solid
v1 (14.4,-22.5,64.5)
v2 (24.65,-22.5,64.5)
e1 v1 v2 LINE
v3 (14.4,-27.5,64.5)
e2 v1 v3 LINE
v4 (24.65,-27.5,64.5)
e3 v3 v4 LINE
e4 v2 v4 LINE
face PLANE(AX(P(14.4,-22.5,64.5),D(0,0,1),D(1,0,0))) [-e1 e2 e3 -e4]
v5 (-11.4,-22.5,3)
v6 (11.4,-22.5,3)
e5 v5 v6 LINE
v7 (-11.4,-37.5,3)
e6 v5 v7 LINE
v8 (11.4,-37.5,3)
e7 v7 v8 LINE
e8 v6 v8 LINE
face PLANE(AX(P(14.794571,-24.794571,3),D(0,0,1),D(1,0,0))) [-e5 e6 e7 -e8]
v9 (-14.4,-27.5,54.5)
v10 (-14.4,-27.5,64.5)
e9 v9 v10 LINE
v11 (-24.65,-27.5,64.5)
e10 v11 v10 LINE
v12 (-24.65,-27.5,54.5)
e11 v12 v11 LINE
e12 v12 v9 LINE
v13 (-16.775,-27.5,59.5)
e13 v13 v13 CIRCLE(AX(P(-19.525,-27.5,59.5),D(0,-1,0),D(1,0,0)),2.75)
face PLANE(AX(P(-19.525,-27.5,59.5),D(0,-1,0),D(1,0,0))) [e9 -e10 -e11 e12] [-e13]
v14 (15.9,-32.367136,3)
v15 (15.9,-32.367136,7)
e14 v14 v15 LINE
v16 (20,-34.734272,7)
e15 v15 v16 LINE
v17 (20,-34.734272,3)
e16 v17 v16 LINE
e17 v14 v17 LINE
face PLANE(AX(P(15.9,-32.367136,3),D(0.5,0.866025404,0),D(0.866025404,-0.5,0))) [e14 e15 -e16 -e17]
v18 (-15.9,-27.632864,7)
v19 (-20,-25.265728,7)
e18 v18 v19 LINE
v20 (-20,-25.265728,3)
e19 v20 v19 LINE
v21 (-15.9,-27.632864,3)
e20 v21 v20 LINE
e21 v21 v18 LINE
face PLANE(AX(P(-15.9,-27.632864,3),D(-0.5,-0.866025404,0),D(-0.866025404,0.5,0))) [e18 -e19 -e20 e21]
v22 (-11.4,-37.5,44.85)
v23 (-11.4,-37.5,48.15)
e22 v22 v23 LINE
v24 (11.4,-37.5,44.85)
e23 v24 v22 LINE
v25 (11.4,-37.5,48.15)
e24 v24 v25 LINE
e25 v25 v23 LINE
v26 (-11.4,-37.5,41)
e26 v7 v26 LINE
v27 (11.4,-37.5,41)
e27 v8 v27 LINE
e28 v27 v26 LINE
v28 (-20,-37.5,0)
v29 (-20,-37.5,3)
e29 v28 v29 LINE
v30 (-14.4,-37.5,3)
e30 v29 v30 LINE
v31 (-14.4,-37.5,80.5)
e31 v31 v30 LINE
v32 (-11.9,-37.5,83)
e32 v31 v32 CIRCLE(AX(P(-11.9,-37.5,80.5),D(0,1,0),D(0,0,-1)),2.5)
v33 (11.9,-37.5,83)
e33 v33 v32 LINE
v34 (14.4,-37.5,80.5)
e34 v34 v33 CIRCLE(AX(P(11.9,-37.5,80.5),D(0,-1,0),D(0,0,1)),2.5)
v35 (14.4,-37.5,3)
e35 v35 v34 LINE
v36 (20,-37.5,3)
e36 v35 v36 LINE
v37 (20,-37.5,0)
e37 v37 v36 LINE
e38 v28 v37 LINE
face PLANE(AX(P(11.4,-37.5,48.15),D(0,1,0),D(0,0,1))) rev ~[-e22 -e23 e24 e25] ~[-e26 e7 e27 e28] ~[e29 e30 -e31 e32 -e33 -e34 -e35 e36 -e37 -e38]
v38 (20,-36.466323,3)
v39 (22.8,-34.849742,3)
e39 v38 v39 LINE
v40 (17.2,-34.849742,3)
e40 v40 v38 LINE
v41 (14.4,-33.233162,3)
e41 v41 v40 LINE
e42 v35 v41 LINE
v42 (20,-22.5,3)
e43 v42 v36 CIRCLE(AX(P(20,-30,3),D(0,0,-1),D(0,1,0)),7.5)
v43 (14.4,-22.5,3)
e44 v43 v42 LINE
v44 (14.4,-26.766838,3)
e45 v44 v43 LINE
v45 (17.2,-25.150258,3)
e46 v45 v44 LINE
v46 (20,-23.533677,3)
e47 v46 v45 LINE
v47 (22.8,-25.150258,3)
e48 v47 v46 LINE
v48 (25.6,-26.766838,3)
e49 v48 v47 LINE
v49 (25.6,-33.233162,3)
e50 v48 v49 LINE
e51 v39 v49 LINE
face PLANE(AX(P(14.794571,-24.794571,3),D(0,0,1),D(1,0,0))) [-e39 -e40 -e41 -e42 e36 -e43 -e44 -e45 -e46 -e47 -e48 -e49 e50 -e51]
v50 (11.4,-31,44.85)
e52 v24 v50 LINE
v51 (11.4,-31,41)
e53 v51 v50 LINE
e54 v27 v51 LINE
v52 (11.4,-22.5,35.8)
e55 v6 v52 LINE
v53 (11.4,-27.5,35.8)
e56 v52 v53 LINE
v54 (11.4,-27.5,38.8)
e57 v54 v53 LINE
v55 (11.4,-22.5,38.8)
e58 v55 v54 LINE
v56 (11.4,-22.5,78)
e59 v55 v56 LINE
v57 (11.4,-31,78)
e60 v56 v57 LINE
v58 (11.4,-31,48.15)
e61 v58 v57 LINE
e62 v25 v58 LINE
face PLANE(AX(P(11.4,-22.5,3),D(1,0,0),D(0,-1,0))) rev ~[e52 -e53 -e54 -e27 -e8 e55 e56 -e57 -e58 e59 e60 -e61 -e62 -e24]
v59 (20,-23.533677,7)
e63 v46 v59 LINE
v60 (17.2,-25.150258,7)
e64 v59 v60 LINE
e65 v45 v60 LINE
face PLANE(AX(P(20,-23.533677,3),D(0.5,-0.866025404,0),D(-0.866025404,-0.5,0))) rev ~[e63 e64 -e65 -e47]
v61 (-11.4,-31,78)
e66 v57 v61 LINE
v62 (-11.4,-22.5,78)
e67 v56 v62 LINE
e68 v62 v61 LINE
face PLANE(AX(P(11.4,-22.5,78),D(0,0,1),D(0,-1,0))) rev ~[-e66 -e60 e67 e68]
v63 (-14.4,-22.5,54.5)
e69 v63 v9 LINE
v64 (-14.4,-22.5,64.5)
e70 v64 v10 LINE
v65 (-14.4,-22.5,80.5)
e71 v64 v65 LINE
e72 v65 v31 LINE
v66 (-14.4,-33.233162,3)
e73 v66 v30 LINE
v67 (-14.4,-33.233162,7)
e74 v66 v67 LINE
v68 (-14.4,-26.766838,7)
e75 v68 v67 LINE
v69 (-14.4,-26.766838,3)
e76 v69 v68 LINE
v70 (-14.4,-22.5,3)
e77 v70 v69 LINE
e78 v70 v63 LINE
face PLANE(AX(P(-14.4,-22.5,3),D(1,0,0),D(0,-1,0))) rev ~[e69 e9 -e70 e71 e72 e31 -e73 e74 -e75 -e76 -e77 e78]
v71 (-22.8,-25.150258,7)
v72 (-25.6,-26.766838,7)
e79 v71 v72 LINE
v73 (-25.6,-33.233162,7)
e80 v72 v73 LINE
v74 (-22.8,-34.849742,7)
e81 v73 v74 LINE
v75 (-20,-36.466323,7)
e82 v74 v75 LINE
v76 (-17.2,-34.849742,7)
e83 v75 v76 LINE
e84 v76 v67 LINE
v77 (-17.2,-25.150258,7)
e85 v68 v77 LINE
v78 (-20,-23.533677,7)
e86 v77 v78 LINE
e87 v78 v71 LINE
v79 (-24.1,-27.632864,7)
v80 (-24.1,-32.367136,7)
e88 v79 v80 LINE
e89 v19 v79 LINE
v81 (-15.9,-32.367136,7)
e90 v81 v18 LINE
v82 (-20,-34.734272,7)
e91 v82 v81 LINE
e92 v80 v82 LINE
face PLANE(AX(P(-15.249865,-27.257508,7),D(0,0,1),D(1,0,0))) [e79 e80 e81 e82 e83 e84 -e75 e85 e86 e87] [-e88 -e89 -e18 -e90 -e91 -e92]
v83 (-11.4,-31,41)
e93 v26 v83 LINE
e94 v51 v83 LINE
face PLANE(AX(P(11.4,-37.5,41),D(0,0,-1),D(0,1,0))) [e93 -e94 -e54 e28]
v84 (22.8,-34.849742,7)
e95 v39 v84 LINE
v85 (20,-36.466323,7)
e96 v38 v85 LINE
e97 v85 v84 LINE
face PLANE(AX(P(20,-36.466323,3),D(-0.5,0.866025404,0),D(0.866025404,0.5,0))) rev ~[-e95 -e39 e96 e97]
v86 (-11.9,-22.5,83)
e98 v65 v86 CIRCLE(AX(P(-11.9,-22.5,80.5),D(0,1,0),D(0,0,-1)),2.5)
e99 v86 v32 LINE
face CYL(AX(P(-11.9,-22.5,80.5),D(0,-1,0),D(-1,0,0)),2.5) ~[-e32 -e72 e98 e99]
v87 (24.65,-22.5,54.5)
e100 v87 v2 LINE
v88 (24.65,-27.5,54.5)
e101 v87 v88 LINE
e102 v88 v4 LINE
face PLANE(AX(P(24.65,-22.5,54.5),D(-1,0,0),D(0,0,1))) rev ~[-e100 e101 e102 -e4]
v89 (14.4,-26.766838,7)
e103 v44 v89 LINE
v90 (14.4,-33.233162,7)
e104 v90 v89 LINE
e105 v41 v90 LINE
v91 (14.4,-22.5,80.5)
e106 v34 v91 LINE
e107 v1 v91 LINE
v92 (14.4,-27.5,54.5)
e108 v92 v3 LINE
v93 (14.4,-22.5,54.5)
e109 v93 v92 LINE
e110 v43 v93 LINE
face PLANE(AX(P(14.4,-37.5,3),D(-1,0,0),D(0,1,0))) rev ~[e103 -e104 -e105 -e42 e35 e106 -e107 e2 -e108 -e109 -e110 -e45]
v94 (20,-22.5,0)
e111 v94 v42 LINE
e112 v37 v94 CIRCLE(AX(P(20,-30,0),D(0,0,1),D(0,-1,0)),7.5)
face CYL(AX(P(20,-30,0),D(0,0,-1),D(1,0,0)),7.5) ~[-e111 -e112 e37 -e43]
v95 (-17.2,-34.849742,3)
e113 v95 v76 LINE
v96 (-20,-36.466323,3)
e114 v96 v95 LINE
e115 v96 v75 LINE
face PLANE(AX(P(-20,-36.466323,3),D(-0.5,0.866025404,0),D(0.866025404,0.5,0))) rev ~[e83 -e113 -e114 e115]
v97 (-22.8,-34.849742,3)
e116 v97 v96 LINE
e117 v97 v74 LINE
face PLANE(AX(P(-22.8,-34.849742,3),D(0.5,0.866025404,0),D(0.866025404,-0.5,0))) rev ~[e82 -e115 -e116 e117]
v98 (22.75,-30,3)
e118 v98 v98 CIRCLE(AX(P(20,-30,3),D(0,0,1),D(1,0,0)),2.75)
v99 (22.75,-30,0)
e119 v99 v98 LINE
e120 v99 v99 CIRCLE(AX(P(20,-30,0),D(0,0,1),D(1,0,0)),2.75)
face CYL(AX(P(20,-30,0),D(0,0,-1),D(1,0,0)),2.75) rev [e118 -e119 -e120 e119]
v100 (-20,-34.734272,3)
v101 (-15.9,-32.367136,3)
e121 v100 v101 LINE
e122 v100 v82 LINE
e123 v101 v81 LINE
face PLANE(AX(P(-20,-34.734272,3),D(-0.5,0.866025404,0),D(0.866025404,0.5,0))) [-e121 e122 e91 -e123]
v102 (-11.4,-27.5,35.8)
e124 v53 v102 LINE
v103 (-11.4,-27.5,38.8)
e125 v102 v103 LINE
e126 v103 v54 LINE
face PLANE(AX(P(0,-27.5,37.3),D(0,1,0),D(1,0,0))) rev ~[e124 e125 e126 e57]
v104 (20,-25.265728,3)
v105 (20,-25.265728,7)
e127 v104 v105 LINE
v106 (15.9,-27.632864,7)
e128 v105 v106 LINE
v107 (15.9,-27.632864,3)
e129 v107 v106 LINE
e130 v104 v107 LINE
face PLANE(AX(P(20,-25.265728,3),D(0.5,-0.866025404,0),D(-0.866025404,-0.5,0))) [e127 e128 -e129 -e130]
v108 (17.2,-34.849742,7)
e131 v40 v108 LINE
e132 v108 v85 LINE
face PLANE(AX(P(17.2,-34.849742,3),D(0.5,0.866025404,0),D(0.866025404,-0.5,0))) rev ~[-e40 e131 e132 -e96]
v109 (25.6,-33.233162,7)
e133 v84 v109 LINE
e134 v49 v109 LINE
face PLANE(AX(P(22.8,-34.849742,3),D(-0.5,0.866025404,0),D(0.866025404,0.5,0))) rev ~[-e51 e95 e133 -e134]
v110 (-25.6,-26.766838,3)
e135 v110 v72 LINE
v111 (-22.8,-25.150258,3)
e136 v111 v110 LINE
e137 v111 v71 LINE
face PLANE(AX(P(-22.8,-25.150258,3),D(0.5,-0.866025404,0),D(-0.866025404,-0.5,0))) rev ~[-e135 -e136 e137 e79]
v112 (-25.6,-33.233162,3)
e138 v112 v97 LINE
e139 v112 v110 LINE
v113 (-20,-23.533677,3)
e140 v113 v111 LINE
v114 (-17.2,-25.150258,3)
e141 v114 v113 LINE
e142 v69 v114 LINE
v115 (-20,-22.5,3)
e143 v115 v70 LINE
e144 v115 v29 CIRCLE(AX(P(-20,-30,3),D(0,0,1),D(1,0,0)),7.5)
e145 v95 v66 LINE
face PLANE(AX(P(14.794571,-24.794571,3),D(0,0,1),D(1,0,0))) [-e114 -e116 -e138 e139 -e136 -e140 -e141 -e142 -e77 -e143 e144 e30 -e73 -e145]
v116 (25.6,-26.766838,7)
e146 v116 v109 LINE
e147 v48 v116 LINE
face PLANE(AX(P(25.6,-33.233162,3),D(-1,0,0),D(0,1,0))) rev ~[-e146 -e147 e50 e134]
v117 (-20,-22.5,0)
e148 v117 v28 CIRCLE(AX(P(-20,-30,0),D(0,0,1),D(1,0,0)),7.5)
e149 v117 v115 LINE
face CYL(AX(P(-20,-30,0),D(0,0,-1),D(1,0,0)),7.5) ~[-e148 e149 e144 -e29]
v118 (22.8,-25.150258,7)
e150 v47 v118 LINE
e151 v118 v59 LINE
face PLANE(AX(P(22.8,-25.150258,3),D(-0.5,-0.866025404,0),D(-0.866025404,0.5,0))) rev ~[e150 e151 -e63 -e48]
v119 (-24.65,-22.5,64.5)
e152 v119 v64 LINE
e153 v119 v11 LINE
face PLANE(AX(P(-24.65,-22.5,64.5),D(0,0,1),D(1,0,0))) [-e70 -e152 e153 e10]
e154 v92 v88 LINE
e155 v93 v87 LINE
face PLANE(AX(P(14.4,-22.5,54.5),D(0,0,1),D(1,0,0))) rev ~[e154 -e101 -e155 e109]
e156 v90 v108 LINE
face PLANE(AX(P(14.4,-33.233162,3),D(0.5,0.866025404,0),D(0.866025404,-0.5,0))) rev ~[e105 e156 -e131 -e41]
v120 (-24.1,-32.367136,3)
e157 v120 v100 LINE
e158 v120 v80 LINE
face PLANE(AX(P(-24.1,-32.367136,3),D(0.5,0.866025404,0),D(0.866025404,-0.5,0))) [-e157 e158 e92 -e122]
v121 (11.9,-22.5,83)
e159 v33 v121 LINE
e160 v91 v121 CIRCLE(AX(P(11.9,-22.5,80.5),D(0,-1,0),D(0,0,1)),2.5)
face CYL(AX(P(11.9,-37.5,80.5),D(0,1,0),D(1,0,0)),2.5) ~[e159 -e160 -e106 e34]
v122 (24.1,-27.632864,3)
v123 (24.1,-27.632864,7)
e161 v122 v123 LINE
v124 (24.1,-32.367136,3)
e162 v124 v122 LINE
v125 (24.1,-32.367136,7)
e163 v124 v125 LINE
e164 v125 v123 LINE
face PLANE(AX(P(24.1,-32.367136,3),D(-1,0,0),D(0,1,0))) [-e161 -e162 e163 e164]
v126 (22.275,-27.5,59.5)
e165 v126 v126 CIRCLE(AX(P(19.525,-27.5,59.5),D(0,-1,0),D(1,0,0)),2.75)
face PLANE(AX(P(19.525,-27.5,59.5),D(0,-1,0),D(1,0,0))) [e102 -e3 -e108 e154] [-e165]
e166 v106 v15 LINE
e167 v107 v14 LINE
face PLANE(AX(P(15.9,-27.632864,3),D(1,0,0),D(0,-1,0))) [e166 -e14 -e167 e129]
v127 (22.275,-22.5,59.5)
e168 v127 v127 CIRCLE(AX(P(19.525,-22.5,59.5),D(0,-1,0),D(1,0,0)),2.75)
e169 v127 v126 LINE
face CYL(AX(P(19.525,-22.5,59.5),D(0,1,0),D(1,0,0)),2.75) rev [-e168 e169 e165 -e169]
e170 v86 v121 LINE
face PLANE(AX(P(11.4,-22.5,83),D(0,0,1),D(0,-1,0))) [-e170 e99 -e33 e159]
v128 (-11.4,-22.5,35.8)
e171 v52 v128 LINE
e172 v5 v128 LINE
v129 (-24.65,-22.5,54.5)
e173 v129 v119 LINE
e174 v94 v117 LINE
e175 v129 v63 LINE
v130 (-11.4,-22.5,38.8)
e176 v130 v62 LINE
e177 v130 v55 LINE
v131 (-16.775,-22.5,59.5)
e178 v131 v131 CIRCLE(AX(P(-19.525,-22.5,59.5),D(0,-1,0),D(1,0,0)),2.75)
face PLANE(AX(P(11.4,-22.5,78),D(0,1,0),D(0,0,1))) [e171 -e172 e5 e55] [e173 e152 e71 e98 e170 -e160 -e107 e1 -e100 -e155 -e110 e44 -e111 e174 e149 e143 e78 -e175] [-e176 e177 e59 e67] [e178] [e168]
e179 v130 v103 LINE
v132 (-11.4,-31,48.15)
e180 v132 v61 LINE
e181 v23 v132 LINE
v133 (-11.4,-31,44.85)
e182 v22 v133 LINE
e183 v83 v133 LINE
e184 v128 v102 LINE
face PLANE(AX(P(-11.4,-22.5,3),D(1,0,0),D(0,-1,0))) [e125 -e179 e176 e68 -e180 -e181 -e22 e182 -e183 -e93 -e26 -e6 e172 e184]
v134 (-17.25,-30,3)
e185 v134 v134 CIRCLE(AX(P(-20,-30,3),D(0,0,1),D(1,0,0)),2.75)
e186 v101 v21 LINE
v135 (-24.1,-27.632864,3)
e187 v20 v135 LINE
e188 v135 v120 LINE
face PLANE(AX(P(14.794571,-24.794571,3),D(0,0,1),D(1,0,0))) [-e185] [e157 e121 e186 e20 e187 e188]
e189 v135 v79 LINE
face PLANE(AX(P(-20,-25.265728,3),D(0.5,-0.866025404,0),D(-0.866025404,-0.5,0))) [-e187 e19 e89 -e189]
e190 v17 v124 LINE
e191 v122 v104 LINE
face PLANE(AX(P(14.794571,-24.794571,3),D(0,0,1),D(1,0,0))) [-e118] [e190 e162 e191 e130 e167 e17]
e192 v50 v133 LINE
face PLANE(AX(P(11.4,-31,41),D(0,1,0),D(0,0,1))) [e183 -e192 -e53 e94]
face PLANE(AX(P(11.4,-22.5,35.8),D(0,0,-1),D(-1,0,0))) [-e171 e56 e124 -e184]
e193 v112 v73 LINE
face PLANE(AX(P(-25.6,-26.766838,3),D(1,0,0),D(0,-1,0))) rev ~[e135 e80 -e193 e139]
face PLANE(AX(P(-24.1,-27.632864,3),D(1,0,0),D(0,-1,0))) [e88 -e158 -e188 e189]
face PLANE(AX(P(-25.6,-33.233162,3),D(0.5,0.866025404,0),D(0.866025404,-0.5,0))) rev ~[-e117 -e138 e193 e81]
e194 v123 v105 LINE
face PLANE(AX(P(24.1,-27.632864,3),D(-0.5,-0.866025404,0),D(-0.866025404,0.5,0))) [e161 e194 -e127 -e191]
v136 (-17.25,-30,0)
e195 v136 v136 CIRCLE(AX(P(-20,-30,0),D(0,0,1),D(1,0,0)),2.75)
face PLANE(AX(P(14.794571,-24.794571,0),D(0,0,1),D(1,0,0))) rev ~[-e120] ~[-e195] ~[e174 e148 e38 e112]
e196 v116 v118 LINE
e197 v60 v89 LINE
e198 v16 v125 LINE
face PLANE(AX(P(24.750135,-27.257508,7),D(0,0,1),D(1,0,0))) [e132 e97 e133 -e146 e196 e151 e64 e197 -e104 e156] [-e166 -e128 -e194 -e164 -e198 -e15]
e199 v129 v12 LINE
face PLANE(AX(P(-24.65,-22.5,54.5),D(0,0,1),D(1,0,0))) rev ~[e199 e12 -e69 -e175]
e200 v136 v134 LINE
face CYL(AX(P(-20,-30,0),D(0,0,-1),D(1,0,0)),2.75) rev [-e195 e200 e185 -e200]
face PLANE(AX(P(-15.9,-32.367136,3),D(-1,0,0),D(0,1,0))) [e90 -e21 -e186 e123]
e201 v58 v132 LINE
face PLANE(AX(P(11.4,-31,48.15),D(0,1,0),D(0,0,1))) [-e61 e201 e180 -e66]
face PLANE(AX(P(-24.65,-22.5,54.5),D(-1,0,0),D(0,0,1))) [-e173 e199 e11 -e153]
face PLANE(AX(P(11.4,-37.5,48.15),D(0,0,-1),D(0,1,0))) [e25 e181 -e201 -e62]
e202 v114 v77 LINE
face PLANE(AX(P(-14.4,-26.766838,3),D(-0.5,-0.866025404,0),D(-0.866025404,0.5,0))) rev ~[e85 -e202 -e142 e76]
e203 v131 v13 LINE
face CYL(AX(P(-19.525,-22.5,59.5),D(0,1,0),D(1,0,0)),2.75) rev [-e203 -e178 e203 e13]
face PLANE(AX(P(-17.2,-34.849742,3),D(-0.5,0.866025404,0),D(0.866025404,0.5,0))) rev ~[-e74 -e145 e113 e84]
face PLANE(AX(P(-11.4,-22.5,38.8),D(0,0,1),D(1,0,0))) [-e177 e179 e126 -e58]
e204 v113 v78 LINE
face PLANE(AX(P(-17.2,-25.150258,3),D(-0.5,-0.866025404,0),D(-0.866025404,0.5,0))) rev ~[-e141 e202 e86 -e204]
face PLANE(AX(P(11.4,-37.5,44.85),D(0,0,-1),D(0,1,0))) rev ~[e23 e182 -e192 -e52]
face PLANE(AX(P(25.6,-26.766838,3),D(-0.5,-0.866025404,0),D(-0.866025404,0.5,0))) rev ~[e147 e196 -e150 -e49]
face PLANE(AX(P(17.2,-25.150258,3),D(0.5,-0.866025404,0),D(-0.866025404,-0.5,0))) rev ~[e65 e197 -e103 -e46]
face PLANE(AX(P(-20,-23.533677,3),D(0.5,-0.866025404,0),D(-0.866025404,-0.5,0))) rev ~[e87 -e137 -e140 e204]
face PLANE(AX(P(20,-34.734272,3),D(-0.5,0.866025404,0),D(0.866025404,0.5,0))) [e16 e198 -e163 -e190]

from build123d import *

# Parameters (mm, degrees)
SKETCH2_R           = 7.5
SKETCH2_R_2         = 2.75
BOSS_EXTRUDE1_DEPTH = 3
SKETCH3_R           = 5.6
BOSS_EXTRUDE2_DEPTH = 4
BOSS_EXTRUDE3_DEPTH = 80
SKETCH5_W           = 29.85
SKETCH5_H           = 6.5
SKETCH5_W_2         = 3.85
BOSS_EXTRUDE4_DEPTH = 80
SKETCH6_W           = 29.85
SKETCH6_H           = 6.5
SKETCH6_W_2         = 3.85
CUT_EXTRUDE1_DEPTH  = 54.2
BOSS_EXTRUDE5_DEPTH = 22.8
SKETCH8_W           = 10.25
SKETCH8_H           = 10
SKETCH8_R           = 2.75
BOSS_EXTRUDE6_DEPTH = 5
BOSS_EXTRUDE7_DEPTH = 5
FILLET1_R           = 2.5


with BuildPart() as part:
    # Sketch2 → Boss-Extrude1 (new body)
    # profile 1 of 4: a face of its own
    with BuildSketch(Plane.XY):
        with Locations((-20, -30)):
            Circle(SKETCH2_R)
        with Locations((-20, -30)):
            Circle(SKETCH2_R_2, mode=Mode.SUBTRACT)
    # profile 2 of 4: a face of its own
    with BuildSketch(Plane.XY):
        with BuildLine():
            Line((12.5, -22.5), (-20, -22.5))
            ThreePointArc((-20, -22.5), (-14.696699141, -24.696699141), (-12.5, -30))
            ThreePointArc((-12.5, -30), (-14.696699141, -35.303300859), (-20, -37.5))
            Line((-20, -37.5), (20, -37.5))
            ThreePointArc((20, -37.5), (14.696699141, -35.303300859), (12.5, -30))
            Line((12.5, -30), (12.5, -22.5))
        make_face()
    # profile 3 of 4: a face of its own
    with BuildSketch(Plane.XY):
        with Locations((20, -30)):
            Circle(SKETCH2_R)
        with Locations((20, -30)):
            Circle(SKETCH2_R_2, mode=Mode.SUBTRACT)
    # profile 4 of 4: a face of its own
    with BuildSketch(Plane.XY):
        with BuildLine():
            Line((20, -22.5), (12.5, -22.5))
            Line((12.5, -22.5), (12.5, -30))
            ThreePointArc((12.5, -30), (14.696699141, -24.696699141), (20, -22.5))
        make_face()
    extrude(amount=BOSS_EXTRUDE1_DEPTH)

    # Sketch3 → Boss-Extrude2 (add)
    # profile 1 of 14: a face of its own
    with BuildSketch(Plane.XY.offset(3)):
        with BuildLine():
            Line((-14.4, -26.766838493), (-17.199999967, -25.150257758))
            ThreePointArc((-17.199999967, -25.150257758), (-15.150257729, -27.200000016), (-14.4, -30))
            Line((-14.4, -30), (-14.4, -26.766838493))
        make_face()
    # profile 2 of 14: a face of its own
    with BuildSketch(Plane.XY.offset(3)):
        with Locations((-20, -30)):
            Circle(SKETCH3_R)
        Polygon((-15.9, -27.632863896), (-20, -25.265727793), (-24.1, -27.632863896), (-24.1, -32.367136104), (-20, -34.734272207), (-15.9, -32.367136104), align=None, mode=Mode.SUBTRACT)
    # profile 3 of 14: a face of its own
    with BuildSketch(Plane.XY.offset(3)):
        with BuildLine():
            Line((-17.199999967, -25.150257758), (-20, -23.533676985))
            Line((-20, -23.533676985), (-22.800000033, -25.150257758))
            ThreePointArc((-22.800000033, -25.150257758), (-20, -24.4), (-17.199999967, -25.150257758))
        make_face()
    # profile 4 of 14: a face of its own
    with BuildSketch(Plane.XY.offset(3)):
        with BuildLine():
            ThreePointArc((-25.6, -30), (-24.849742271, -27.200000016), (-22.800000033, -25.150257758))
            Line((-22.800000033, -25.150257758), (-25.6, -26.766838493))
            Line((-25.6, -26.766838493), (-25.6, -30))
        make_face()
    # profile 5 of 14: a face of its own
    with BuildSketch(Plane.XY.offset(3)):
        with BuildLine():
            ThreePointArc((-22.800000033, -34.849742242), (-24.849742271, -32.799999984), (-25.6, -30))
            Line((-25.6, -30), (-25.6, -33.233161507))
            Line((-25.6, -33.233161507), (-22.800000033, -34.849742242))
        make_face()
    # profile 6 of 14: a face of its own
    with BuildSketch(Plane.XY.offset(3)):
        with BuildLine():
            ThreePointArc((-17.199999967, -34.849742242), (-20, -35.6), (-22.800000033, -34.849742242))
            Line((-22.800000033, -34.849742242), (-20, -36.466323015))
            Line((-20, -36.466323015), (-17.199999967, -34.849742242))
        make_face()
    # profile 7 of 14: a face of its own
    with BuildSketch(Plane.XY.offset(3)):
        with BuildLine():
            Line((-14.4, -33.233161507), (-14.4, -30))
            ThreePointArc((-14.4, -30), (-15.150257729, -32.799999984), (-17.199999967, -34.849742242))
            Line((-17.199999967, -34.849742242), (-14.4, -33.233161507))
        make_face()
    # profile 8 of 14: a face of its own
    with BuildSketch(Plane.XY.offset(3)):
        with BuildLine():
            Line((25.6, -26.766838493), (22.800000033, -25.150257758))
            ThreePointArc((22.800000033, -25.150257758), (24.849742271, -27.200000016), (25.6, -30))
            Line((25.6, -30), (25.6, -26.766838493))
        make_face()
    # profile 9 of 14: a face of its own
    with BuildSketch(Plane.XY.offset(3)):
        with Locations((20, -30)):
            Circle(SKETCH3_R)
        Polygon((24.1, -27.632863896), (20, -25.265727793), (15.9, -27.632863896), (15.9, -32.367136104), (20, -34.734272207), (24.1, -32.367136104), align=None, mode=Mode.SUBTRACT)
    # profile 10 of 14: a face of its own
    with BuildSketch(Plane.XY.offset(3)):
        with BuildLine():
            Line((22.800000033, -25.150257758), (20, -23.533676985))
            Line((20, -23.533676985), (17.199999967, -25.150257758))
            ThreePointArc((17.199999967, -25.150257758), (20, -24.4), (22.800000033, -25.150257758))
        make_face()
    # profile 11 of 14: a face of its own
    with BuildSketch(Plane.XY.offset(3)):
        with BuildLine():
            ThreePointArc((14.4, -30), (15.150257729, -27.200000016), (17.199999967, -25.150257758))
            Line((17.199999967, -25.150257758), (14.4, -26.766838493))
            Line((14.4, -26.766838493), (14.4, -30))
        make_face()
    # profile 12 of 14: a face of its own
    with BuildSketch(Plane.XY.offset(3)):
        with BuildLine():
            ThreePointArc((17.199999967, -34.849742242), (15.150257729, -32.799999984), (14.4, -30))
            Line((14.4, -30), (14.4, -33.233161507))
            Line((14.4, -33.233161507), (17.199999967, -34.849742242))
        make_face()
    # profile 13 of 14: a face of its own
    with BuildSketch(Plane.XY.offset(3)):
        with BuildLine():
            ThreePointArc((22.799999796, -34.849742379), (19.999999863, -35.6), (17.199999967, -34.849742242))
            Line((17.199999967, -34.849742242), (20, -36.466323015))
            Line((20, -36.466323015), (22.799999796, -34.849742379))
        make_face()
    # profile 14 of 14: a face of its own
    with BuildSketch(Plane.XY.offset(3)):
        with BuildLine():
            Line((25.6, -33.233161507), (25.6, -30))
            ThreePointArc((25.6, -30), (24.849742202, -32.800000102), (22.799999796, -34.849742379))
            Line((22.799999796, -34.849742379), (25.6, -33.233161507))
        make_face()
    extrude(amount=BOSS_EXTRUDE2_DEPTH)

    # Sketch4 → Boss-Extrude3 (add)
    with BuildSketch(Plane.XY.offset(3)):
        Polygon((-14.4, -26.766838493), (-14.4, -22.5), (-11.4, -22.5), (-11.4, -37.5), (-14.4, -37.5), align=None)
        Polygon((14.4, -30), (14.4, -22.5), (11.4, -22.5), (11.4, -37.5), (14.4, -37.5), align=None)
    extrude(amount=BOSS_EXTRUDE3_DEPTH)

    # Sketch5 → Boss-Extrude4 (add)
    with BuildSketch(Plane.ZY.offset(-11.4)):
        with Locations((63.075, -34.25)):
            Rectangle(SKETCH5_W, SKETCH5_H)
        with Locations((42.925, -34.25)):
            Rectangle(SKETCH5_W_2, SKETCH5_H)
    extrude(amount=BOSS_EXTRUDE4_DEPTH)

    # Sketch6 → Cut-Extrude1 (cut)
    with BuildSketch(Plane.ZY.offset(68.6)):
        with Locations((63.075, -34.25)):
            Rectangle(SKETCH6_W, SKETCH6_H)
        with Locations((42.925, -34.25)):
            Rectangle(SKETCH6_W_2, SKETCH6_H)
    extrude(amount=-CUT_EXTRUDE1_DEPTH, mode=Mode.SUBTRACT)

    # Sketch7 → Boss-Extrude5 (add)
    with BuildSketch(Plane.ZY.offset(-11.4)):
        Polygon((78, -31), (78, -22.5), (83, -22.5), (83, -37.5), (78, -37.5), align=None)
    extrude(amount=BOSS_EXTRUDE5_DEPTH)

    # Sketch8 → Boss-Extrude6 (add)
    # profile 1 of 2: a face of its own
    with BuildSketch(Plane.XZ.offset(22.5)):
        with Locations((-19.525, 59.5)):
            Rectangle(SKETCH8_W, SKETCH8_H)
        with Locations((-19.525, 59.5)):
            Circle(SKETCH8_R, mode=Mode.SUBTRACT)
    # profile 2 of 2: a face of its own
    with BuildSketch(Plane.XZ.offset(22.5)):
        with Locations((19.525, 59.5)):
            Rectangle(SKETCH8_W, SKETCH8_H)
        with Locations((19.525, 59.5)):
            Circle(SKETCH8_R, mode=Mode.SUBTRACT)
    extrude(amount=BOSS_EXTRUDE6_DEPTH)

    # Sketch10 → Boss-Extrude7 (add)
    with BuildSketch(Plane(origin=(0, -22.5, 0), x_dir=(1, 0, 0), z_dir=(0, 1, 0))):
        Polygon((-10, -38.8), (10, -38.8), (11.4, -38.8), (11.4, -35.8), (-11.4, -35.8), (-11.4, -38.8), align=None)
    extrude(amount=-BOSS_EXTRUDE7_DEPTH)

    # Fillet1
    fillet1_edges = [part.edges().sort_by_distance(p)[0] for p in [
        (-14.4, -30, 83),
        (14.4, -30, 83),
    ]]
    fillet(fillet1_edges, radius=FILLET1_R)


solid = part.part
